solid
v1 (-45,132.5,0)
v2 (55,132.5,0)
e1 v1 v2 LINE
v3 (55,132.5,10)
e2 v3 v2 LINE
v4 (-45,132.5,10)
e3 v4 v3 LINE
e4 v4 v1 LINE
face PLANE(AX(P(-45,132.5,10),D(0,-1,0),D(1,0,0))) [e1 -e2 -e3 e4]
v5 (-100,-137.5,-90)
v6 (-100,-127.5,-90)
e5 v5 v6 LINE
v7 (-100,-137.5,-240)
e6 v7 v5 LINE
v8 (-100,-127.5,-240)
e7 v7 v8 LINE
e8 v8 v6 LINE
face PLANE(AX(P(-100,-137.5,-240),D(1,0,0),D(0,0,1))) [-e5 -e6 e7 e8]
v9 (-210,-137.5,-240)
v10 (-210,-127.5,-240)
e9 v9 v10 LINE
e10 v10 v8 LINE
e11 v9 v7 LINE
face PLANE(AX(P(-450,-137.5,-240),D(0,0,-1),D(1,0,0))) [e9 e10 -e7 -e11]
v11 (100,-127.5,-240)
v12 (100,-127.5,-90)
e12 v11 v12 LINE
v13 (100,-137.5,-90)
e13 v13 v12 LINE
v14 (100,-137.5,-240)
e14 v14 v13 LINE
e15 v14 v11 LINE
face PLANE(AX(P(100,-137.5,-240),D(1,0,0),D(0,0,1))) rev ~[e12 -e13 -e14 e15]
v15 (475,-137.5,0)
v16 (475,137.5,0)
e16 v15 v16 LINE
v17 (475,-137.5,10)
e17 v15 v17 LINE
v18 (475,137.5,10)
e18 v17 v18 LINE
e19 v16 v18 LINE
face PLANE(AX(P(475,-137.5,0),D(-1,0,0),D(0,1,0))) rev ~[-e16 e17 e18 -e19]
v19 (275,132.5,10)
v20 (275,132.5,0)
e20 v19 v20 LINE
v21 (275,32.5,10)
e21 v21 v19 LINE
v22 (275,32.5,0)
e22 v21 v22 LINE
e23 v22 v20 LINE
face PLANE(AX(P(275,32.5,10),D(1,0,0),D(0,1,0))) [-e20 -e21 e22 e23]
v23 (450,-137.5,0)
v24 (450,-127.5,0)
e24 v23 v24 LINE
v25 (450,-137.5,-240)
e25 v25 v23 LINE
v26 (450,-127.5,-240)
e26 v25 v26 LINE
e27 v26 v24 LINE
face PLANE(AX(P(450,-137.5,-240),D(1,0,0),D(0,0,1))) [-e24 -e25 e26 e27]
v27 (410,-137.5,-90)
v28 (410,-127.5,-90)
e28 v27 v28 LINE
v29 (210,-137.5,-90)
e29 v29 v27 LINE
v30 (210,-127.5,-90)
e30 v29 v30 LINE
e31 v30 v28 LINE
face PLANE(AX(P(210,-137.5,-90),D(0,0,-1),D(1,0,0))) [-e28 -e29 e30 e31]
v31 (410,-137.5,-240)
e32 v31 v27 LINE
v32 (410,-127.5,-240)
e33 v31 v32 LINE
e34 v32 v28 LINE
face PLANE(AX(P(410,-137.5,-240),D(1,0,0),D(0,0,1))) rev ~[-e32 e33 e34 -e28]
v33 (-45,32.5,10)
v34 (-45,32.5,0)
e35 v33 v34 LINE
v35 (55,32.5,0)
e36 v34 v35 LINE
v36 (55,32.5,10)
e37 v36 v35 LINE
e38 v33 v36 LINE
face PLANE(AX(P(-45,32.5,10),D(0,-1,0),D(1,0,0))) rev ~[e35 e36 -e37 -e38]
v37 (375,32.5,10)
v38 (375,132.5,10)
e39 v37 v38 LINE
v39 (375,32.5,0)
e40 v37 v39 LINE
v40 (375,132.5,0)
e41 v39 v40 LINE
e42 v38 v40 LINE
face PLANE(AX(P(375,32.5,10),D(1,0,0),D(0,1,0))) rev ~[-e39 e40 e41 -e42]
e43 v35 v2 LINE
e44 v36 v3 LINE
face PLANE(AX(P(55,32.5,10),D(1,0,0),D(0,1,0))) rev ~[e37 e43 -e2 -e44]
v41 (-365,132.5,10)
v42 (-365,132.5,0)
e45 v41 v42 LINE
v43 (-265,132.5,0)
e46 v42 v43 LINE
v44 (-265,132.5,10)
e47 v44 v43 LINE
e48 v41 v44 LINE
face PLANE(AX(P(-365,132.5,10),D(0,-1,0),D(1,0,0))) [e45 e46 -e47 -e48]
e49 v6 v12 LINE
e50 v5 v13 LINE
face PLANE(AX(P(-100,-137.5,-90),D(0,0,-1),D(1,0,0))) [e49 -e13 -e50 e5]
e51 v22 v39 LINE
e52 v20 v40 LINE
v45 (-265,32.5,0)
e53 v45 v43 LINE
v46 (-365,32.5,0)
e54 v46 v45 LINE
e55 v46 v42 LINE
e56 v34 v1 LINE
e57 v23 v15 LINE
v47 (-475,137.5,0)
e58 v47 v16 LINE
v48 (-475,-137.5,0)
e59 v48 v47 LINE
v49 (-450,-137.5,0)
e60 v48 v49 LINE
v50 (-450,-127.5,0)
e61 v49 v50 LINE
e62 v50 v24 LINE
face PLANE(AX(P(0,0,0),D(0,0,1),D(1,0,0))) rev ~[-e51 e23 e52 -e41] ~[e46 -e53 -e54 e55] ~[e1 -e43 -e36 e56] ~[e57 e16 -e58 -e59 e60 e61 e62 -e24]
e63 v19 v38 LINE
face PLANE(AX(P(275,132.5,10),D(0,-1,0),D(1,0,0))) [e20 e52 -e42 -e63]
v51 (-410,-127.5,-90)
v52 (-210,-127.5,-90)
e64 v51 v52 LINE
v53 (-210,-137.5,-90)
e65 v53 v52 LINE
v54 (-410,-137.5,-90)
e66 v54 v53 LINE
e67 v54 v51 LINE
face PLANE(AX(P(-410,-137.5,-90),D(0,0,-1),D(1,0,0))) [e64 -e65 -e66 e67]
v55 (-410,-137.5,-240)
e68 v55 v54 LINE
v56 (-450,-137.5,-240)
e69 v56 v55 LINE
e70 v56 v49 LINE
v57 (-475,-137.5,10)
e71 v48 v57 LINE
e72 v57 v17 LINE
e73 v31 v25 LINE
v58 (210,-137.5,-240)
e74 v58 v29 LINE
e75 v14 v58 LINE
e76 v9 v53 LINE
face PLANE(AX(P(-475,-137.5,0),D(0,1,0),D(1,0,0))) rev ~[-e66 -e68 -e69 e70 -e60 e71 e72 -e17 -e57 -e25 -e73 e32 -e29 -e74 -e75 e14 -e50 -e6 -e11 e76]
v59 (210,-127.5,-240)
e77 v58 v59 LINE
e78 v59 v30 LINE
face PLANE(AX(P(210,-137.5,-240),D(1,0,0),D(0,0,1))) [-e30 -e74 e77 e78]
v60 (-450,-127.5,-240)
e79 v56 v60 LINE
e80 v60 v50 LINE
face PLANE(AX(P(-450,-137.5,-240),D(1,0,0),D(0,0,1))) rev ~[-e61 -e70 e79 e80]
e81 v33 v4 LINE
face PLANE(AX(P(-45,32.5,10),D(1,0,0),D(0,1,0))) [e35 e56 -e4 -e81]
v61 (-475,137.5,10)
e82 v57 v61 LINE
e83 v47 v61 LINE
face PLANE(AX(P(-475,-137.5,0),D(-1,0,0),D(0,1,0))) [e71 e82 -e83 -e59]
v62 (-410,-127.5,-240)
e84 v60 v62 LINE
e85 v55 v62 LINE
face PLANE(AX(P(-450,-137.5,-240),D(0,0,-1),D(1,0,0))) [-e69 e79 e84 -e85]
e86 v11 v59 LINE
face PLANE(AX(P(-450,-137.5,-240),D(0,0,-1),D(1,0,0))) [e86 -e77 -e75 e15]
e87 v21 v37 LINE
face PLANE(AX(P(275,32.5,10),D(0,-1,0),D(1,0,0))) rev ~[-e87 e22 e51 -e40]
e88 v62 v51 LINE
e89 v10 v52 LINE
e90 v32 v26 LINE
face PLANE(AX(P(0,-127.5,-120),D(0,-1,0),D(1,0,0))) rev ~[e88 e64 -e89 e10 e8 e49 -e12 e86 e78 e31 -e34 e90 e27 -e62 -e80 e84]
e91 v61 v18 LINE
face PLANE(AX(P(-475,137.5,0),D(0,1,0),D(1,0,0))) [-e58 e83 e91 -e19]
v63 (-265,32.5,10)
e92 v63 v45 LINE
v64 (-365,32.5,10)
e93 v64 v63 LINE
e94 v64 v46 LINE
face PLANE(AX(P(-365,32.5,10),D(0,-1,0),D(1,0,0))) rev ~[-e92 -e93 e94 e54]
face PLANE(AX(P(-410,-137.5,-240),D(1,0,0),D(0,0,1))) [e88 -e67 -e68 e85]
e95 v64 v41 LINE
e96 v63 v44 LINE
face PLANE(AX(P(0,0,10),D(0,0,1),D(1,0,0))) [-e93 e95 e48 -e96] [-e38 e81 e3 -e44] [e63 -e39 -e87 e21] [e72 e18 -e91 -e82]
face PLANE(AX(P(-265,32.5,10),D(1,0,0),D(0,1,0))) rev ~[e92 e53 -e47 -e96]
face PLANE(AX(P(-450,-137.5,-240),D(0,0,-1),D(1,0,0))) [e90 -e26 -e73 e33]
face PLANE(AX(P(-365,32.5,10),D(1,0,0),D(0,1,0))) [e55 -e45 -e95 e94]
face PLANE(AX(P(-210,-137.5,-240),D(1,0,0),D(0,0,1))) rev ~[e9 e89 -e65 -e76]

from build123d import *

# Parameters (mm, degrees)
F0_W     = 950
F0_H     = 275
F1_DEPTH = 10
F2_W     = 900
F2_H     = 240
F3_DEPTH = 10
F4_W     = 200
F4_H     = 150
F5_DEPTH = 10
F6_W     = 100
F6_H     = 100
F7_DEPTH = 10


with BuildPart() as f1:
    # F0 (on Top) → F1 (new body)
    with BuildSketch(Plane.XY):
        Rectangle(F0_W, F0_H)
    extrude(amount=F1_DEPTH)

    # F2 (on face) → F3 (join)
    with BuildSketch(Plane.XZ.offset(137.5)):
        with Locations((0, -120)):
            Rectangle(F2_W, F2_H)
    extrude(amount=-F3_DEPTH)

    # F4 (on face) → F5 (cut)
    with BuildSketch(Plane.XZ.offset(137.5)):
        with Locations((-310, -165)):
            Rectangle(F4_W, F4_H)
        with Locations((0, -165)):
            Rectangle(F4_W, F4_H)
        with Locations((310, -165)):
            Rectangle(F4_W, F4_H)
    extrude(amount=-F5_DEPTH, mode=Mode.SUBTRACT)

    # F6 (on face) → F7 (cut)
    with BuildSketch(Plane.XY.offset(10)):
        with Locations((-315, 82.5)):
            Rectangle(F6_W, F6_H)
        with Locations((5, 82.5)):
            Rectangle(F6_W, F6_H)
        with Locations((325, 82.5)):
            Rectangle(F6_W, F6_H)
    extrude(amount=-F7_DEPTH, mode=Mode.SUBTRACT)


solid = f1.part
